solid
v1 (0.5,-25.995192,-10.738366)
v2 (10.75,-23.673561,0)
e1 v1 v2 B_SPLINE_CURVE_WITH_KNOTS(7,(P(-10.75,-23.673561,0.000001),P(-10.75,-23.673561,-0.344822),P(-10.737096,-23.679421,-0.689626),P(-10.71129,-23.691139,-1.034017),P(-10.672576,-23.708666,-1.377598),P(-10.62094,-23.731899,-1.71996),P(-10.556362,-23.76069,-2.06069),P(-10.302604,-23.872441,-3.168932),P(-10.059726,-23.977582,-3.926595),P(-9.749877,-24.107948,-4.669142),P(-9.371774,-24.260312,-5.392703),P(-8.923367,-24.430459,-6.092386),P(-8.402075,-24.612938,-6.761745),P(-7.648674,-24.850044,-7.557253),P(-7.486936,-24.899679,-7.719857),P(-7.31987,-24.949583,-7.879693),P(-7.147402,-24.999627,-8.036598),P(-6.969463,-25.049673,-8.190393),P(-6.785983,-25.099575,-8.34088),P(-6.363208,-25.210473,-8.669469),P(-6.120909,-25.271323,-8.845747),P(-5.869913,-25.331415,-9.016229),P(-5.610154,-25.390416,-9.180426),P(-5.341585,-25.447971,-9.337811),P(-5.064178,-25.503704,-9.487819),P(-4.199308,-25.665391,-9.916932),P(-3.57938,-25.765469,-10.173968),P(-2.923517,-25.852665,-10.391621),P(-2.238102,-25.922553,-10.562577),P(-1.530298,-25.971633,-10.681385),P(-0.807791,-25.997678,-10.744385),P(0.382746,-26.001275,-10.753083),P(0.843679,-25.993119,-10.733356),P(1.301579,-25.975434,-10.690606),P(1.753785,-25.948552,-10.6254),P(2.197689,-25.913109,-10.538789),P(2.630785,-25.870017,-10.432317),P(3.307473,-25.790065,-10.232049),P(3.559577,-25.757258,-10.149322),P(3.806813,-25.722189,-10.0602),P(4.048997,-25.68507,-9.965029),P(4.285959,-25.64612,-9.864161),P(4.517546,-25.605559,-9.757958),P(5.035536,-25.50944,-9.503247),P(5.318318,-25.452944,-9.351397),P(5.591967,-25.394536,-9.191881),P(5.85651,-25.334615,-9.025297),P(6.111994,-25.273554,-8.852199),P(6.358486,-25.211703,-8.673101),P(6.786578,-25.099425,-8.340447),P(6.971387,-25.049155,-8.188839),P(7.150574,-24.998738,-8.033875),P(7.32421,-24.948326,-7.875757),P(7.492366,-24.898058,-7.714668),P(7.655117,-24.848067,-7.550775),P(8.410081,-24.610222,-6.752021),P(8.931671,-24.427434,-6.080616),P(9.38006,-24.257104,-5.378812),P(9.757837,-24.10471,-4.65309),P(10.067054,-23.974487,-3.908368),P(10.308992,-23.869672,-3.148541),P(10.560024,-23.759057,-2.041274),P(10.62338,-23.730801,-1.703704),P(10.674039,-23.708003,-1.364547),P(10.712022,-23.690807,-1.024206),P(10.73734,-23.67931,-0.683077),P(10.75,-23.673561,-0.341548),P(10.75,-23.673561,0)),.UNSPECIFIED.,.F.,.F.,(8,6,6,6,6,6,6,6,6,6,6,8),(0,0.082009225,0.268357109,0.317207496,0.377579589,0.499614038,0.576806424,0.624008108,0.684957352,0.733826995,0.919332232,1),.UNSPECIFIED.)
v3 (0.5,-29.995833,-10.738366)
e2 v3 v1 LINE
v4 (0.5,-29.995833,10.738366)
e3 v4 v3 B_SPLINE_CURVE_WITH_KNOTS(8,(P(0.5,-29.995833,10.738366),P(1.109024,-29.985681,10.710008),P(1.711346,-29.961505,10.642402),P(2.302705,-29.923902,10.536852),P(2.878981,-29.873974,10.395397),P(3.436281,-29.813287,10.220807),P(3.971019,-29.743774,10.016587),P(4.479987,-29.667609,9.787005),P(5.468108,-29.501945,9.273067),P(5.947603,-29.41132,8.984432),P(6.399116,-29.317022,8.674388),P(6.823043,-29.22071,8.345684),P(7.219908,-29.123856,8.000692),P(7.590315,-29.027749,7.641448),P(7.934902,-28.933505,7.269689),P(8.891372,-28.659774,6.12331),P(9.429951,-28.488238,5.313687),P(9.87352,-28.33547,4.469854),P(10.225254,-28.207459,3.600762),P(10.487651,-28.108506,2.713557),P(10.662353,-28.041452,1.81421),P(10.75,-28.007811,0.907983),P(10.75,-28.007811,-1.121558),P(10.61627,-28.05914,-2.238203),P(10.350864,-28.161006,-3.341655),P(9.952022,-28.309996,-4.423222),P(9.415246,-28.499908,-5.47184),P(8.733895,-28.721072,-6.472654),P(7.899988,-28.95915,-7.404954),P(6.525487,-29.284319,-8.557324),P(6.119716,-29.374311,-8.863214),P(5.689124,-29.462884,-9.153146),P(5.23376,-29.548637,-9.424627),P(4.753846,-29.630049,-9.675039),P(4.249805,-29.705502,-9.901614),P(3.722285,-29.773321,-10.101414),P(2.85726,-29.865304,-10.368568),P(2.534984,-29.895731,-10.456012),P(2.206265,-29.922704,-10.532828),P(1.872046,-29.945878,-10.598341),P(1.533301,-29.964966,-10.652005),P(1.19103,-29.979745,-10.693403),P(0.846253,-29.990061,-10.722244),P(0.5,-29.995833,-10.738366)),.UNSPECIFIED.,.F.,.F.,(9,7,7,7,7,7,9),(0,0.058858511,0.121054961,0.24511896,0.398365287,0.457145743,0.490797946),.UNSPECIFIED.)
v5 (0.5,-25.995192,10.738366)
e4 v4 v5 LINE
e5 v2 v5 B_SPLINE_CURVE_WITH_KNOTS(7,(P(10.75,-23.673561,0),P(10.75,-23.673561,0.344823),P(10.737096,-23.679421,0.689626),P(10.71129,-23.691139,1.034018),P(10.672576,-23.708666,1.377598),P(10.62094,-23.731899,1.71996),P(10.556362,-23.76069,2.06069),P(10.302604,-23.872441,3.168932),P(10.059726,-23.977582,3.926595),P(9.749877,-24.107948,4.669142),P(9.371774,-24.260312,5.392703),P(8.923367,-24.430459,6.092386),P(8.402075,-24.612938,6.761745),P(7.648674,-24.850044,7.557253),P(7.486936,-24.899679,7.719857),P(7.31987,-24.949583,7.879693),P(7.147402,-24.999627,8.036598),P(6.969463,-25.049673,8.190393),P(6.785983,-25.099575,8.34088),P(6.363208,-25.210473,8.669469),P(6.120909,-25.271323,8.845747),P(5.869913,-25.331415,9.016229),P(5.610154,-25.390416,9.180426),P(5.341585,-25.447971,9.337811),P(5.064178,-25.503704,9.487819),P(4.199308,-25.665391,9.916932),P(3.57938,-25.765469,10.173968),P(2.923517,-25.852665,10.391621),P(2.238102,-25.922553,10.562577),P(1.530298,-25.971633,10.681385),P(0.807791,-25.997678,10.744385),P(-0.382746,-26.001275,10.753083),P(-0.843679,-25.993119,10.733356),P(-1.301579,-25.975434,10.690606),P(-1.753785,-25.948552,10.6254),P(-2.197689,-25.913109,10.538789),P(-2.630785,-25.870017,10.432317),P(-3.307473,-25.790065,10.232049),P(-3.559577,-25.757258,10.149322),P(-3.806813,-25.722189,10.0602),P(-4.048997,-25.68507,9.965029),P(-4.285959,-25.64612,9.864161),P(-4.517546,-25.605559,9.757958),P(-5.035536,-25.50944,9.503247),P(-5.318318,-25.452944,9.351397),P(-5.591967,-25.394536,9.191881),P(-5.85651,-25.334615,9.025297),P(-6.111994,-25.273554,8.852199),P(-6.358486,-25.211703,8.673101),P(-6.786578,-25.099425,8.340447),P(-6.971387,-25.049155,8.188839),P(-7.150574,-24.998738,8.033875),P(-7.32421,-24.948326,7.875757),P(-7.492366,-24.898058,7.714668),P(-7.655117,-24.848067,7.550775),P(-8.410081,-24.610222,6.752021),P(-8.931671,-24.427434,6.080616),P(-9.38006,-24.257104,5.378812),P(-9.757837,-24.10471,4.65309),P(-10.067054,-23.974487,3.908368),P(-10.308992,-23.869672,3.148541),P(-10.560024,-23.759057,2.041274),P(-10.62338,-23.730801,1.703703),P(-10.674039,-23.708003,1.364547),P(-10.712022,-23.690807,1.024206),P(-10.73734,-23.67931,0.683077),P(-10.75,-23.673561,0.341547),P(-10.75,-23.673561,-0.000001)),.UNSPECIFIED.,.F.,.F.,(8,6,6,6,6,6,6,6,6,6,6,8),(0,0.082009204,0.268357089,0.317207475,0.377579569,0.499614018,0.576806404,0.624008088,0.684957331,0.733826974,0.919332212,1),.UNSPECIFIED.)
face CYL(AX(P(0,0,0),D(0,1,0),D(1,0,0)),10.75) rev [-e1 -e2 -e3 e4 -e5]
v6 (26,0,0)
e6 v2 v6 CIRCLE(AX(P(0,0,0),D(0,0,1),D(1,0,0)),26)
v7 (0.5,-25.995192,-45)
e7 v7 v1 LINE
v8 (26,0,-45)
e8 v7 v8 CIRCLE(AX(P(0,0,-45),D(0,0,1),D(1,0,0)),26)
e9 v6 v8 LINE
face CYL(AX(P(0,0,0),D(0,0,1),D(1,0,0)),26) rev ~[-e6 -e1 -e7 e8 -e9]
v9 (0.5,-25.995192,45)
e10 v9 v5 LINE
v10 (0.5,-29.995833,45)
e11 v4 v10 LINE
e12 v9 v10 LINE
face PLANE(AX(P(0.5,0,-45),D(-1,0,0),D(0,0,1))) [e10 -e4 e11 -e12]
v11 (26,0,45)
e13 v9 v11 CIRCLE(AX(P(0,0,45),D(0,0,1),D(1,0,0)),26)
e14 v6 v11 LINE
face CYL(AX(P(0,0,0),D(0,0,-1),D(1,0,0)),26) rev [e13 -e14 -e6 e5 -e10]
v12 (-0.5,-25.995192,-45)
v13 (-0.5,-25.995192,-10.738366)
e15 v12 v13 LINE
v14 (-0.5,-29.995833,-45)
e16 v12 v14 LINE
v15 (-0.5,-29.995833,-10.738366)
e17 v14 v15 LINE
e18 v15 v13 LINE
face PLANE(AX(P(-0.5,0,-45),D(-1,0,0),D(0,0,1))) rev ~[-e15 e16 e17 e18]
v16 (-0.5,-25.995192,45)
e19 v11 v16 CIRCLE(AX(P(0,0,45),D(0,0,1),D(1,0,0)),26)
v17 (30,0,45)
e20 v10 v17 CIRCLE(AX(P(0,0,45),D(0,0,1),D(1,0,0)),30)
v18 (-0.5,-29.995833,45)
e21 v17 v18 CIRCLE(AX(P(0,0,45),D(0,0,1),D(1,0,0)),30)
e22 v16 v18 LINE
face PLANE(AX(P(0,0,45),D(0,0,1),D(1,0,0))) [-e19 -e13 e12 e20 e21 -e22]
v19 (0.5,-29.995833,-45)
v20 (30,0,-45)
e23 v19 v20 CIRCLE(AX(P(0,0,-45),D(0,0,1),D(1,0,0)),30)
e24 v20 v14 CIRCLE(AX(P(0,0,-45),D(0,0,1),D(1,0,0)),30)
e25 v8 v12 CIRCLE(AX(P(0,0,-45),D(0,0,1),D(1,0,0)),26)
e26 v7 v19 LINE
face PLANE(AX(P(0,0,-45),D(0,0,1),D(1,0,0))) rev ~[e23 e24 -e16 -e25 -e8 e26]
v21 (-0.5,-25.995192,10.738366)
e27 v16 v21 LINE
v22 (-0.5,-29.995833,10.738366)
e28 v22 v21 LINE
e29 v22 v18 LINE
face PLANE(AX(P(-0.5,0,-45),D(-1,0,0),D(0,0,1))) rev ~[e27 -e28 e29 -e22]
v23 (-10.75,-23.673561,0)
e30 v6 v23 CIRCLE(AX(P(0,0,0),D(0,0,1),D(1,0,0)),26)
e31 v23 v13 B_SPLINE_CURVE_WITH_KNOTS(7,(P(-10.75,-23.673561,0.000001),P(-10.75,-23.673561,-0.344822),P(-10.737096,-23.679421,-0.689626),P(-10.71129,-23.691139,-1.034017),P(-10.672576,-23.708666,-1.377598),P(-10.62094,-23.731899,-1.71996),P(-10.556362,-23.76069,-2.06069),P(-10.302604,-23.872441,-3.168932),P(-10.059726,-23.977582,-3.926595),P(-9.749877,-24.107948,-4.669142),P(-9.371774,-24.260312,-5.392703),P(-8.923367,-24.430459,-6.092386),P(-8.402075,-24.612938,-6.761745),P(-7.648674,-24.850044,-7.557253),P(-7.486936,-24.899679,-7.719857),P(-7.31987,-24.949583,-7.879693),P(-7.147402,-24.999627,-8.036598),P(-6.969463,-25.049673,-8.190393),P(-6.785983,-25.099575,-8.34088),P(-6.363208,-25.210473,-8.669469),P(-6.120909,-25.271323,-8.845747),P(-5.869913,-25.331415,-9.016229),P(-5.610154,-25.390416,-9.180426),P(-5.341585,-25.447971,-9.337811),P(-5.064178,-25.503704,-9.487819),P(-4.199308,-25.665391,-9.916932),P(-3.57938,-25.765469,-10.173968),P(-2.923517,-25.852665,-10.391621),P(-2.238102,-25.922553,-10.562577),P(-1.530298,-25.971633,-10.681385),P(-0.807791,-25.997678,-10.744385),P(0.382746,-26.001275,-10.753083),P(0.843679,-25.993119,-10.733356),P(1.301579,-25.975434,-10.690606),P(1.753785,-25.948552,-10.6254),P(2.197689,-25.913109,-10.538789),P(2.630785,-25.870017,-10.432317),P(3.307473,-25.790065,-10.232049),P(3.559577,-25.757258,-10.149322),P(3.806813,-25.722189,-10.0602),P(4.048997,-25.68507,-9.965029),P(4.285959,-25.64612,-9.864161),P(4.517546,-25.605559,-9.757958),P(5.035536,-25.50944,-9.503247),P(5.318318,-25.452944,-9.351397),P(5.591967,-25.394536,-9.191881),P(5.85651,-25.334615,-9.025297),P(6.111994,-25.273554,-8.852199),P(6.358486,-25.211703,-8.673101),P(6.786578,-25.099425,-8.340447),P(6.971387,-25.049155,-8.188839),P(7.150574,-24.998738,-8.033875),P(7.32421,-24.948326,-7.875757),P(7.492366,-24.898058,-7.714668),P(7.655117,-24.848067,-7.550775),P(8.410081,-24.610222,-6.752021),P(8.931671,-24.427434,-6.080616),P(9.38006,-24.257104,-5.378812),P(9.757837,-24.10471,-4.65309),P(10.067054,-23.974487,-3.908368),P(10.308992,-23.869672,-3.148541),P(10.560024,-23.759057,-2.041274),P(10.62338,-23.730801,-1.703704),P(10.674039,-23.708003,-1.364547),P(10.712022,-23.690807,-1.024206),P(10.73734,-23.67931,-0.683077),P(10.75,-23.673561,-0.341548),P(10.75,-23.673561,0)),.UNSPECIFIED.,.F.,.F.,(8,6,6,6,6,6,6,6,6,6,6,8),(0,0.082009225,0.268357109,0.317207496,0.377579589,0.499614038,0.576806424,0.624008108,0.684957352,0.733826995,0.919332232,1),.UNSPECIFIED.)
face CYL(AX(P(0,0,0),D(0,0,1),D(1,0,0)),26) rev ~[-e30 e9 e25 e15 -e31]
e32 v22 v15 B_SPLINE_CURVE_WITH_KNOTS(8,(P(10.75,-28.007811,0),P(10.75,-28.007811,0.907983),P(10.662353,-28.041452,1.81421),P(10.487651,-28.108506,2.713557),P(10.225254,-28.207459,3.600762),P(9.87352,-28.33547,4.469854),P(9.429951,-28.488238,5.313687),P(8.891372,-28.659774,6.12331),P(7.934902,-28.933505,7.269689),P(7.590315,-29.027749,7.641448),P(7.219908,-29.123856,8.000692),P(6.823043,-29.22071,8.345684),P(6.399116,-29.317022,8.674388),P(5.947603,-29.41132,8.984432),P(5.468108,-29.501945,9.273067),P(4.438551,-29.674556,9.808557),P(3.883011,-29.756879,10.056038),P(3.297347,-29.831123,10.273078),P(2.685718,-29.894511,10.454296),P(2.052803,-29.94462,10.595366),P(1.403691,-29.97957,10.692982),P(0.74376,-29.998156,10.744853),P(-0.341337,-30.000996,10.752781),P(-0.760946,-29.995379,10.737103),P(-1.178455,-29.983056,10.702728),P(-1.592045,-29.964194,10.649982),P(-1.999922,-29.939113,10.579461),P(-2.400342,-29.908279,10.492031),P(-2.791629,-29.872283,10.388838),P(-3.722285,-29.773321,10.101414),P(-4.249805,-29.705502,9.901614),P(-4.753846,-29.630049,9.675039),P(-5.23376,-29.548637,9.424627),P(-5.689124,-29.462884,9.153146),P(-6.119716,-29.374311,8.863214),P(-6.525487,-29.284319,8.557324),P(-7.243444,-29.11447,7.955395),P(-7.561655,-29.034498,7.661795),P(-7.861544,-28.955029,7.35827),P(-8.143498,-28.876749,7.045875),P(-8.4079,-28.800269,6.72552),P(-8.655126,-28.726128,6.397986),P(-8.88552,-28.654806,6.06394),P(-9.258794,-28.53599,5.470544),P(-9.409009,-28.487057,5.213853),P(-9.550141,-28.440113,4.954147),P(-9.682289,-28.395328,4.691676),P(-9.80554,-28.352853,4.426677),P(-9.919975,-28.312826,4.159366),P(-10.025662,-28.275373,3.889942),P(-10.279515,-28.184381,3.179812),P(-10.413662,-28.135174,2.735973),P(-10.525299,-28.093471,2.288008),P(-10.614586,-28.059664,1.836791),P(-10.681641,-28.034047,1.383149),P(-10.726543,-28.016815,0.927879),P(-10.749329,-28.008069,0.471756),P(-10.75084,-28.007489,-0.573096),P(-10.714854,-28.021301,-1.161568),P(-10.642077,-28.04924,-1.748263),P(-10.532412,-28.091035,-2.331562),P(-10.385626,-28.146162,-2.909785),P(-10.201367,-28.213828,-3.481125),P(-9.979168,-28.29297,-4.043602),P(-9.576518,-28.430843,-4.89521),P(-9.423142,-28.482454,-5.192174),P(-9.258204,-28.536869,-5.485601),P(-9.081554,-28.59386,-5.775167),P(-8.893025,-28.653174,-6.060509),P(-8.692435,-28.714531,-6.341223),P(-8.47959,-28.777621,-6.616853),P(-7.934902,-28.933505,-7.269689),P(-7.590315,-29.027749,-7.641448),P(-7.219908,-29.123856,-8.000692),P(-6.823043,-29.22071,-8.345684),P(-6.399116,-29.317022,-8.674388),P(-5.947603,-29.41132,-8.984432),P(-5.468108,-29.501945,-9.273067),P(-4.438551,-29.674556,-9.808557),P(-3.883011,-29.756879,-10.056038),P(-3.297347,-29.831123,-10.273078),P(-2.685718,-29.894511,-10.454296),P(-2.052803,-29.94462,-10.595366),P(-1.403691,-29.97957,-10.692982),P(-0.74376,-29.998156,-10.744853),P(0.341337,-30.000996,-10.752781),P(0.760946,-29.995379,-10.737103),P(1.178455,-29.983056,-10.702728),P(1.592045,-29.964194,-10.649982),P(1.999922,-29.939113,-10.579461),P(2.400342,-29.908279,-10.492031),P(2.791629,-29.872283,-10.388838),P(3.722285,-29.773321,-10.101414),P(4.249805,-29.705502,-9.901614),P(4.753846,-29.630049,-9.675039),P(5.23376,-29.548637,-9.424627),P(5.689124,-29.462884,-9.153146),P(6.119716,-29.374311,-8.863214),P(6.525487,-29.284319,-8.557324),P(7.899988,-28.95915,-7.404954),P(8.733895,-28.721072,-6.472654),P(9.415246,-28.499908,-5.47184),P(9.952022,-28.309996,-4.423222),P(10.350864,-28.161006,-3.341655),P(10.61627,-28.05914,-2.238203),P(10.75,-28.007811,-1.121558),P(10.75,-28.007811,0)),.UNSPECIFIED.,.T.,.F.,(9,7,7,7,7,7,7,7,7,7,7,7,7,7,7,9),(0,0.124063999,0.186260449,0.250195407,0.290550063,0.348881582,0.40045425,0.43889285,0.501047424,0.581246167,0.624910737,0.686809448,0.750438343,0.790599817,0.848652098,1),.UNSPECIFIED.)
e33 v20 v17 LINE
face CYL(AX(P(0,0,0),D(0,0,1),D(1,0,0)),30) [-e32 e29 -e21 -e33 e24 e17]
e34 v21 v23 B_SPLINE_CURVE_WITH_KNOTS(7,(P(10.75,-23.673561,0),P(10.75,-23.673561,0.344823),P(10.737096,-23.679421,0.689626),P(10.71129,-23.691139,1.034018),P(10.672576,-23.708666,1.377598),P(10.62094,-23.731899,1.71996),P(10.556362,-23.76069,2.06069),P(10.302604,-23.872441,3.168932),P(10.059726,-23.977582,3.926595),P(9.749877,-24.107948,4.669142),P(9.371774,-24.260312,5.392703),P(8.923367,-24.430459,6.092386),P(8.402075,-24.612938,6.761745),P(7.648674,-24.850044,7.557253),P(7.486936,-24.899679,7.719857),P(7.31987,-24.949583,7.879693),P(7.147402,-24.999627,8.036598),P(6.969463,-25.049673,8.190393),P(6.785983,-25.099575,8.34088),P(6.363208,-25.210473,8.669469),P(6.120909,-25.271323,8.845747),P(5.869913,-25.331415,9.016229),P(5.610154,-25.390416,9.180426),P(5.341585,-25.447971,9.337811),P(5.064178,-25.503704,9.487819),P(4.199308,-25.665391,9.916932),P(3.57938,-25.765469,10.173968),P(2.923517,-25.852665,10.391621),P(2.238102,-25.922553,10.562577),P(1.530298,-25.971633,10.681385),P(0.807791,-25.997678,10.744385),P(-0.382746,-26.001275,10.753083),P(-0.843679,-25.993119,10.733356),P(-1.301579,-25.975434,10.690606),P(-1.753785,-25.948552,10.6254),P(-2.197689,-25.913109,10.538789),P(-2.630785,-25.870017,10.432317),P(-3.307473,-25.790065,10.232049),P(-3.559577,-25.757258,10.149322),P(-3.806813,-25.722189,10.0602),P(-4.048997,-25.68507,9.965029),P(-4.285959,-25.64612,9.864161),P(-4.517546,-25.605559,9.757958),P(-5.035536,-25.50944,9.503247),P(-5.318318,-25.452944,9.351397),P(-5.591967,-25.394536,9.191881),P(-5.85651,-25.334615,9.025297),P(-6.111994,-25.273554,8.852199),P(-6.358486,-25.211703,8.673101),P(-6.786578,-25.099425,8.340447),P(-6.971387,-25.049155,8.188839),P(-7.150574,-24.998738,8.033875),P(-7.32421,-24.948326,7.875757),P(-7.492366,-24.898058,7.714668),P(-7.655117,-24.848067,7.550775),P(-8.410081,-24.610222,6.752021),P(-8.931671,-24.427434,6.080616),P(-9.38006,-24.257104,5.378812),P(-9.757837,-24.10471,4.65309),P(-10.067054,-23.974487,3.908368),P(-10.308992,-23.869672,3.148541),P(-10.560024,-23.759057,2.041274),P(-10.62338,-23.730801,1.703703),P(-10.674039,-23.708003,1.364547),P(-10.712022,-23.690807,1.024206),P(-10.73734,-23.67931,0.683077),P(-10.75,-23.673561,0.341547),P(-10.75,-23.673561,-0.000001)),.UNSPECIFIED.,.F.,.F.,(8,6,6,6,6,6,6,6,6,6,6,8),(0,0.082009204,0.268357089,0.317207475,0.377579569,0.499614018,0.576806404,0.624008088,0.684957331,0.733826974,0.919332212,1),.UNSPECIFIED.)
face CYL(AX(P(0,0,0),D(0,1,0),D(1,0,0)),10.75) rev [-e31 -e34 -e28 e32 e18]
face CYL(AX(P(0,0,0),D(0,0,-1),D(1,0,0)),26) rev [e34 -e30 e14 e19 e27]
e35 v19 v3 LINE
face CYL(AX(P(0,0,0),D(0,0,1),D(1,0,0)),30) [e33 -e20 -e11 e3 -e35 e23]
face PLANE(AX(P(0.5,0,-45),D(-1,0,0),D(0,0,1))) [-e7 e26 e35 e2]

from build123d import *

# Parameters (mm, degrees)
SKETCH009_R       = 30
SKETCH009_R_2     = 26
PAD002_DEPTH      = 45
PAD002_DEPTH_BACK = 45
SKETCH010_R       = 10.75
POCKET007_DEPTH   = 30.001
SKETCH027_W       = 1
SKETCH027_H       = 90
POCKET012_DEPTH   = 30.001


with BuildPart() as part:
    # Sketch009 → Pad002 (new body, two sides)
    with BuildSketch(Plane.XY) as pad002_sk:
        Circle(SKETCH009_R)
        Circle(SKETCH009_R_2, mode=Mode.SUBTRACT)
    extrude(amount=PAD002_DEPTH)
    extrude(pad002_sk.sketch, amount=-PAD002_DEPTH_BACK)

    # Sketch010 → Pocket007 (cut, through all)
    with BuildSketch(Plane.XZ):
        Circle(SKETCH010_R)
    extrude(amount=POCKET007_DEPTH, mode=Mode.SUBTRACT)

    # Sketch027 → Pocket012 (cut, through all)
    with BuildSketch(Plane.XZ):
        Rectangle(SKETCH027_W, SKETCH027_H)
    extrude(amount=POCKET012_DEPTH, mode=Mode.SUBTRACT)


solid = part.part
